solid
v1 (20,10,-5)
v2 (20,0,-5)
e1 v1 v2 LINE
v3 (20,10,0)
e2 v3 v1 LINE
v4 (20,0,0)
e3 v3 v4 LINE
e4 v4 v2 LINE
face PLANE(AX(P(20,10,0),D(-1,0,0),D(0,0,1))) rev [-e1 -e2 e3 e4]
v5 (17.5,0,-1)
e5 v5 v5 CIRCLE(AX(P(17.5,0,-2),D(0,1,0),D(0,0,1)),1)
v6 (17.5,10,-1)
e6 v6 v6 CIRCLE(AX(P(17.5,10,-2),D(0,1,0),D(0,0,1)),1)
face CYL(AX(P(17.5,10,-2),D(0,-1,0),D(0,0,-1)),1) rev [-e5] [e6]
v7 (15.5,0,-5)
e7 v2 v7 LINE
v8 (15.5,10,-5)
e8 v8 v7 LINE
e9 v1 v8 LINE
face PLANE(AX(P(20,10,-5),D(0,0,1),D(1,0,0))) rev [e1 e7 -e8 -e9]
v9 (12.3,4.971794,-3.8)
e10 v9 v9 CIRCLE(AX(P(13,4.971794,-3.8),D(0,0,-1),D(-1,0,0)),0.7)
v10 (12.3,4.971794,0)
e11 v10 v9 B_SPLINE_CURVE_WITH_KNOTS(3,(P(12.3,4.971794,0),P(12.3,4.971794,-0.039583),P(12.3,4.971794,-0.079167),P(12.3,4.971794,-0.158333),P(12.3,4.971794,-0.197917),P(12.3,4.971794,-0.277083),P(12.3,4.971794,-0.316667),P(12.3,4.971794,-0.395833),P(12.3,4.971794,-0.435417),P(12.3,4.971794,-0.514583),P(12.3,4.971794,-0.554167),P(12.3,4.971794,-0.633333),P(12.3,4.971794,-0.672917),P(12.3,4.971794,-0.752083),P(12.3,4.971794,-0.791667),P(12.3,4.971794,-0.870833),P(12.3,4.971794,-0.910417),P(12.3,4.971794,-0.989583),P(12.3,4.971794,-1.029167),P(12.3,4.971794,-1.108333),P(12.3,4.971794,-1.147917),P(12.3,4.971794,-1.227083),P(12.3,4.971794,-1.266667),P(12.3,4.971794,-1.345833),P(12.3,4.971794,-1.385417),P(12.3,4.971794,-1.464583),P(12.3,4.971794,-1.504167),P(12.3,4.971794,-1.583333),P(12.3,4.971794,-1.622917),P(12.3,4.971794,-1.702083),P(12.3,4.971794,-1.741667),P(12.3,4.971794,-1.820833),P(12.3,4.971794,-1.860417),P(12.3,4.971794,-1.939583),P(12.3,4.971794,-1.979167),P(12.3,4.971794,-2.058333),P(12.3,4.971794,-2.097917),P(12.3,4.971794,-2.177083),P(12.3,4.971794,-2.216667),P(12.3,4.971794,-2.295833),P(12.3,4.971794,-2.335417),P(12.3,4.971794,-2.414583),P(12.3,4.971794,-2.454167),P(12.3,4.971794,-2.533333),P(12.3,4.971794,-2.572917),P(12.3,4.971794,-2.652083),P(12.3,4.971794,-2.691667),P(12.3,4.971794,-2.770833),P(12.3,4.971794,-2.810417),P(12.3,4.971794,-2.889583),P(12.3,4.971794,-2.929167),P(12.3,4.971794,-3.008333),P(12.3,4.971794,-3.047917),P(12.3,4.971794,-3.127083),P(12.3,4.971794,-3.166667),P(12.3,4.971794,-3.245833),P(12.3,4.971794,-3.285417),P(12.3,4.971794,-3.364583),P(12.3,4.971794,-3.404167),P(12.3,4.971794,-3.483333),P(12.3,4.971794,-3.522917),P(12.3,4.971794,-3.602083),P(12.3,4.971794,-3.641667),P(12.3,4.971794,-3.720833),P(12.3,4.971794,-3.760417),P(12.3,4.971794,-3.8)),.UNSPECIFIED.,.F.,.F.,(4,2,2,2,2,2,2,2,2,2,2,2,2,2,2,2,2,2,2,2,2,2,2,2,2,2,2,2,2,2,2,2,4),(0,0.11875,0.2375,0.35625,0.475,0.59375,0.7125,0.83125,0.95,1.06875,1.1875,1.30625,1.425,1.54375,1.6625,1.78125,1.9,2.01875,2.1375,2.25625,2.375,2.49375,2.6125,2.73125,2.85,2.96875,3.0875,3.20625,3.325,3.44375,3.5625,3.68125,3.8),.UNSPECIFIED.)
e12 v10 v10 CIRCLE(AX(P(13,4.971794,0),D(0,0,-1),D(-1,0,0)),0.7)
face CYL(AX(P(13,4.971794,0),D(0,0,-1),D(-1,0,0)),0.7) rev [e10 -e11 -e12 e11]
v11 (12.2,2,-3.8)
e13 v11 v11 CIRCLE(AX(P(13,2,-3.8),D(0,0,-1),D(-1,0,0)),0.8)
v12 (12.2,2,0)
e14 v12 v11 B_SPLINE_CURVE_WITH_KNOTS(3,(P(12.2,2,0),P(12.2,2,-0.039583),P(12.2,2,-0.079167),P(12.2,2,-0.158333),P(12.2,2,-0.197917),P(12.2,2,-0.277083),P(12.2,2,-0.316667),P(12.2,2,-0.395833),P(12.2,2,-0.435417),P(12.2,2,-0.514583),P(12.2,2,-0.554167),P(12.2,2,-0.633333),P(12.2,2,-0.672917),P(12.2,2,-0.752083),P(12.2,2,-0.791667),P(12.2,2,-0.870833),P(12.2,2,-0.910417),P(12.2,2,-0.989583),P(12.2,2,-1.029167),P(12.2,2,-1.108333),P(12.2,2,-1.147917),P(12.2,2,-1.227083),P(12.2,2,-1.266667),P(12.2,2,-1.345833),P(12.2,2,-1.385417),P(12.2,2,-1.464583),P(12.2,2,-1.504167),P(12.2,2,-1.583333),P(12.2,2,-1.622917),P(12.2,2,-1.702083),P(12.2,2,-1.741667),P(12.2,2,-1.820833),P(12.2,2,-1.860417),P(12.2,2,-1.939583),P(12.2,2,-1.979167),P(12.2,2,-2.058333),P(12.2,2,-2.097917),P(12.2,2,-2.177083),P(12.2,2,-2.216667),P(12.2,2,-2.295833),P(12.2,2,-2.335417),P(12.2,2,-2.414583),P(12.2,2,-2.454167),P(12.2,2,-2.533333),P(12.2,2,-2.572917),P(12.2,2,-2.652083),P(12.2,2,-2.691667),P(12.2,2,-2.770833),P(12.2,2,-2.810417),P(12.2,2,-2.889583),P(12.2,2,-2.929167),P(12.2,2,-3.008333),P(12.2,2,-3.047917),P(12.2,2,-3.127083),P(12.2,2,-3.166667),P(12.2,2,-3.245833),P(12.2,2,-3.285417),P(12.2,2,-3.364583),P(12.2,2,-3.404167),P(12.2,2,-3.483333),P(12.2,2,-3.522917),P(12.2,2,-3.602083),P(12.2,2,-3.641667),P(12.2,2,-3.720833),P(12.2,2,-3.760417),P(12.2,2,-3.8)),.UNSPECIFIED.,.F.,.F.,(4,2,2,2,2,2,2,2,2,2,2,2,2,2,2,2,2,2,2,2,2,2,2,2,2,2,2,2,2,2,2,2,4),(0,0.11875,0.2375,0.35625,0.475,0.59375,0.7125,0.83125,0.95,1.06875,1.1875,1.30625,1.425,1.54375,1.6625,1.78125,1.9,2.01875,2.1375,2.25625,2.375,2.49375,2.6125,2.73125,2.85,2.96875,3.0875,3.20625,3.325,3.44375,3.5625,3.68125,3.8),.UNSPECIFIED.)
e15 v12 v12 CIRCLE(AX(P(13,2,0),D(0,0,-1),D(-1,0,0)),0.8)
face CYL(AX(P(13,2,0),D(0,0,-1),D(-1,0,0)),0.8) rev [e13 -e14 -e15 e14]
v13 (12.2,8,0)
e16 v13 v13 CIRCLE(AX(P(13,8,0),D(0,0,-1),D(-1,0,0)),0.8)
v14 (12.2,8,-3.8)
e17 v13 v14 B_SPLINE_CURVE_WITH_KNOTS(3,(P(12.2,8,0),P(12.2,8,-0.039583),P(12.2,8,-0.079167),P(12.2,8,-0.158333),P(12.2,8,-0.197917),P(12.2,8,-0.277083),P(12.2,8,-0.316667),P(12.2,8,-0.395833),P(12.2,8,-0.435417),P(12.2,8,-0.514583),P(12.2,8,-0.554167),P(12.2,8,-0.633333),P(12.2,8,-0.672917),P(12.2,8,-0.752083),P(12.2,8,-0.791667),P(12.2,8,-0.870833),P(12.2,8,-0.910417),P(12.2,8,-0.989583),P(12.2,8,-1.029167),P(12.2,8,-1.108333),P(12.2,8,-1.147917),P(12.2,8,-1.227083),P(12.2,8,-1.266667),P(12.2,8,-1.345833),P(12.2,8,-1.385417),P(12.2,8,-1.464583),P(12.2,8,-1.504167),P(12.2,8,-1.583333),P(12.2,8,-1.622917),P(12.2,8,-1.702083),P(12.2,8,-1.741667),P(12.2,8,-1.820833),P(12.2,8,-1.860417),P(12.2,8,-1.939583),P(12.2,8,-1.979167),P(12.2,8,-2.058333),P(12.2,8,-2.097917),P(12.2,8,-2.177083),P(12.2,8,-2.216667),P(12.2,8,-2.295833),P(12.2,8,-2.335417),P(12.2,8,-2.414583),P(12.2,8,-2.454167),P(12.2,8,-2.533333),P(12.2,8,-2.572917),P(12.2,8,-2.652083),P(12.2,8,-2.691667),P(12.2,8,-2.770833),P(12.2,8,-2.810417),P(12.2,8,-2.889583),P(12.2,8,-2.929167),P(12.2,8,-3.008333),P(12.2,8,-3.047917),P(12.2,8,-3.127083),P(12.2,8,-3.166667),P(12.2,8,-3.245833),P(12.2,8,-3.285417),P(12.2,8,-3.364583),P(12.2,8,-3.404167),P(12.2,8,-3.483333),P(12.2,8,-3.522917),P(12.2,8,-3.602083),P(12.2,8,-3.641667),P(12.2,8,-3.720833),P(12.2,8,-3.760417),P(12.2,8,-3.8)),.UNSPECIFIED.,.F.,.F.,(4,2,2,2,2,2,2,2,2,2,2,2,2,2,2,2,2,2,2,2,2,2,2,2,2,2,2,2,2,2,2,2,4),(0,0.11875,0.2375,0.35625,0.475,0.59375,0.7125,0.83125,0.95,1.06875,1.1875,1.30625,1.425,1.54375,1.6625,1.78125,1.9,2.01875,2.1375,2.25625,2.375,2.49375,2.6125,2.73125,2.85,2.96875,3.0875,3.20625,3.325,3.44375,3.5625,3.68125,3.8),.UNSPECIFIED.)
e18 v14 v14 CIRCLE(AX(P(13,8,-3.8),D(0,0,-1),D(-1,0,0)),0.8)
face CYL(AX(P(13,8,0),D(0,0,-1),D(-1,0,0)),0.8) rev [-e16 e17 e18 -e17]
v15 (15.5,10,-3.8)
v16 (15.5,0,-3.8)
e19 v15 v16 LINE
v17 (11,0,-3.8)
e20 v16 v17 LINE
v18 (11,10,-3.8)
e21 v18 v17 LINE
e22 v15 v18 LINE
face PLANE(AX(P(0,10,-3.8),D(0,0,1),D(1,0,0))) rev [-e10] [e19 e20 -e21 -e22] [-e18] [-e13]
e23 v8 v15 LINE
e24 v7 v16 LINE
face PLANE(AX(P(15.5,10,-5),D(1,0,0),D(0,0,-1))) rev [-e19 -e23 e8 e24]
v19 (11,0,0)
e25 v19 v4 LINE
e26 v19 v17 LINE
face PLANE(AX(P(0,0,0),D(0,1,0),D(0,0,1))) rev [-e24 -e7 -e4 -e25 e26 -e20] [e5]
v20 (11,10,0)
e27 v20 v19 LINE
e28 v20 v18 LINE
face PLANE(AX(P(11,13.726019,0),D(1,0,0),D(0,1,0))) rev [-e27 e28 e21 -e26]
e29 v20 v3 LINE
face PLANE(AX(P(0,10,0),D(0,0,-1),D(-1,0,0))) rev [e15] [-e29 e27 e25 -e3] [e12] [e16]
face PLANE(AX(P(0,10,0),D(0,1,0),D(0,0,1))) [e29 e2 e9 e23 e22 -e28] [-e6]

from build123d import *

# Parameters (mm, degrees)
SKETCH1_R           = 1
BOSS_EXTRUDE1_DEPTH = 10
SKETCH5_R           = 0.7
SKETCH5_R_2         = 0.8
SKETCH5_R_3         = 2
CUT_EXTRUDE3_DEPTH  = 23.681269806
SKETCH7_W           = 11
SKETCH7_H           = 15.934078747
CUT_EXTRUDE4_DEPTH  = 23.681269806


with BuildPart() as part:
    # Sketch1 → Boss-Extrude1 (new body)
    with BuildSketch(Plane(origin=(0, 0, 0), x_dir=(1, 0, 0), z_dir=(0, 1, 0))):
        Polygon((0, 0), (20, 0), (20, 5), (15.5, 5), (15.5, 3.8), (0, 3.8), align=None)
        with Locations(Location((2.5, 2, 0), (0, 0, 270))):
            Circle(SKETCH1_R, mode=Mode.SUBTRACT)
        with Locations(Location((17.5, 2, 0), (0, 0, 270))):
            Circle(SKETCH1_R, mode=Mode.SUBTRACT)
    extrude(amount=BOSS_EXTRUDE1_DEPTH)

    # Sketch5 → Cut-Extrude3 (cut, through all)
    with BuildSketch(Plane(origin=(0, 0, -3.8), x_dir=(-1, 0, 0), z_dir=(0, 0, -1))):
        with Locations((-13, 4.971794193)):
            Circle(SKETCH5_R)
        with Locations((-13, 8)):
            Circle(SKETCH5_R_2)
        with Locations((-6.5, 4)):
            Circle(SKETCH5_R_3)
        with Locations((-13, 2)):
            Circle(SKETCH5_R_2)
    extrude(amount=-CUT_EXTRUDE3_DEPTH, mode=Mode.SUBTRACT)

    # Sketch7 → Cut-Extrude4 (cut, through all)
    with BuildSketch(Plane(origin=(0, 0, -3.8), x_dir=(-1, 0, 0), z_dir=(0, 0, -1))):
        with Locations((-5.5, 5.758979145)):
            Rectangle(SKETCH7_W, SKETCH7_H)
    extrude(amount=-CUT_EXTRUDE4_DEPTH, mode=Mode.SUBTRACT)


solid = part.part
